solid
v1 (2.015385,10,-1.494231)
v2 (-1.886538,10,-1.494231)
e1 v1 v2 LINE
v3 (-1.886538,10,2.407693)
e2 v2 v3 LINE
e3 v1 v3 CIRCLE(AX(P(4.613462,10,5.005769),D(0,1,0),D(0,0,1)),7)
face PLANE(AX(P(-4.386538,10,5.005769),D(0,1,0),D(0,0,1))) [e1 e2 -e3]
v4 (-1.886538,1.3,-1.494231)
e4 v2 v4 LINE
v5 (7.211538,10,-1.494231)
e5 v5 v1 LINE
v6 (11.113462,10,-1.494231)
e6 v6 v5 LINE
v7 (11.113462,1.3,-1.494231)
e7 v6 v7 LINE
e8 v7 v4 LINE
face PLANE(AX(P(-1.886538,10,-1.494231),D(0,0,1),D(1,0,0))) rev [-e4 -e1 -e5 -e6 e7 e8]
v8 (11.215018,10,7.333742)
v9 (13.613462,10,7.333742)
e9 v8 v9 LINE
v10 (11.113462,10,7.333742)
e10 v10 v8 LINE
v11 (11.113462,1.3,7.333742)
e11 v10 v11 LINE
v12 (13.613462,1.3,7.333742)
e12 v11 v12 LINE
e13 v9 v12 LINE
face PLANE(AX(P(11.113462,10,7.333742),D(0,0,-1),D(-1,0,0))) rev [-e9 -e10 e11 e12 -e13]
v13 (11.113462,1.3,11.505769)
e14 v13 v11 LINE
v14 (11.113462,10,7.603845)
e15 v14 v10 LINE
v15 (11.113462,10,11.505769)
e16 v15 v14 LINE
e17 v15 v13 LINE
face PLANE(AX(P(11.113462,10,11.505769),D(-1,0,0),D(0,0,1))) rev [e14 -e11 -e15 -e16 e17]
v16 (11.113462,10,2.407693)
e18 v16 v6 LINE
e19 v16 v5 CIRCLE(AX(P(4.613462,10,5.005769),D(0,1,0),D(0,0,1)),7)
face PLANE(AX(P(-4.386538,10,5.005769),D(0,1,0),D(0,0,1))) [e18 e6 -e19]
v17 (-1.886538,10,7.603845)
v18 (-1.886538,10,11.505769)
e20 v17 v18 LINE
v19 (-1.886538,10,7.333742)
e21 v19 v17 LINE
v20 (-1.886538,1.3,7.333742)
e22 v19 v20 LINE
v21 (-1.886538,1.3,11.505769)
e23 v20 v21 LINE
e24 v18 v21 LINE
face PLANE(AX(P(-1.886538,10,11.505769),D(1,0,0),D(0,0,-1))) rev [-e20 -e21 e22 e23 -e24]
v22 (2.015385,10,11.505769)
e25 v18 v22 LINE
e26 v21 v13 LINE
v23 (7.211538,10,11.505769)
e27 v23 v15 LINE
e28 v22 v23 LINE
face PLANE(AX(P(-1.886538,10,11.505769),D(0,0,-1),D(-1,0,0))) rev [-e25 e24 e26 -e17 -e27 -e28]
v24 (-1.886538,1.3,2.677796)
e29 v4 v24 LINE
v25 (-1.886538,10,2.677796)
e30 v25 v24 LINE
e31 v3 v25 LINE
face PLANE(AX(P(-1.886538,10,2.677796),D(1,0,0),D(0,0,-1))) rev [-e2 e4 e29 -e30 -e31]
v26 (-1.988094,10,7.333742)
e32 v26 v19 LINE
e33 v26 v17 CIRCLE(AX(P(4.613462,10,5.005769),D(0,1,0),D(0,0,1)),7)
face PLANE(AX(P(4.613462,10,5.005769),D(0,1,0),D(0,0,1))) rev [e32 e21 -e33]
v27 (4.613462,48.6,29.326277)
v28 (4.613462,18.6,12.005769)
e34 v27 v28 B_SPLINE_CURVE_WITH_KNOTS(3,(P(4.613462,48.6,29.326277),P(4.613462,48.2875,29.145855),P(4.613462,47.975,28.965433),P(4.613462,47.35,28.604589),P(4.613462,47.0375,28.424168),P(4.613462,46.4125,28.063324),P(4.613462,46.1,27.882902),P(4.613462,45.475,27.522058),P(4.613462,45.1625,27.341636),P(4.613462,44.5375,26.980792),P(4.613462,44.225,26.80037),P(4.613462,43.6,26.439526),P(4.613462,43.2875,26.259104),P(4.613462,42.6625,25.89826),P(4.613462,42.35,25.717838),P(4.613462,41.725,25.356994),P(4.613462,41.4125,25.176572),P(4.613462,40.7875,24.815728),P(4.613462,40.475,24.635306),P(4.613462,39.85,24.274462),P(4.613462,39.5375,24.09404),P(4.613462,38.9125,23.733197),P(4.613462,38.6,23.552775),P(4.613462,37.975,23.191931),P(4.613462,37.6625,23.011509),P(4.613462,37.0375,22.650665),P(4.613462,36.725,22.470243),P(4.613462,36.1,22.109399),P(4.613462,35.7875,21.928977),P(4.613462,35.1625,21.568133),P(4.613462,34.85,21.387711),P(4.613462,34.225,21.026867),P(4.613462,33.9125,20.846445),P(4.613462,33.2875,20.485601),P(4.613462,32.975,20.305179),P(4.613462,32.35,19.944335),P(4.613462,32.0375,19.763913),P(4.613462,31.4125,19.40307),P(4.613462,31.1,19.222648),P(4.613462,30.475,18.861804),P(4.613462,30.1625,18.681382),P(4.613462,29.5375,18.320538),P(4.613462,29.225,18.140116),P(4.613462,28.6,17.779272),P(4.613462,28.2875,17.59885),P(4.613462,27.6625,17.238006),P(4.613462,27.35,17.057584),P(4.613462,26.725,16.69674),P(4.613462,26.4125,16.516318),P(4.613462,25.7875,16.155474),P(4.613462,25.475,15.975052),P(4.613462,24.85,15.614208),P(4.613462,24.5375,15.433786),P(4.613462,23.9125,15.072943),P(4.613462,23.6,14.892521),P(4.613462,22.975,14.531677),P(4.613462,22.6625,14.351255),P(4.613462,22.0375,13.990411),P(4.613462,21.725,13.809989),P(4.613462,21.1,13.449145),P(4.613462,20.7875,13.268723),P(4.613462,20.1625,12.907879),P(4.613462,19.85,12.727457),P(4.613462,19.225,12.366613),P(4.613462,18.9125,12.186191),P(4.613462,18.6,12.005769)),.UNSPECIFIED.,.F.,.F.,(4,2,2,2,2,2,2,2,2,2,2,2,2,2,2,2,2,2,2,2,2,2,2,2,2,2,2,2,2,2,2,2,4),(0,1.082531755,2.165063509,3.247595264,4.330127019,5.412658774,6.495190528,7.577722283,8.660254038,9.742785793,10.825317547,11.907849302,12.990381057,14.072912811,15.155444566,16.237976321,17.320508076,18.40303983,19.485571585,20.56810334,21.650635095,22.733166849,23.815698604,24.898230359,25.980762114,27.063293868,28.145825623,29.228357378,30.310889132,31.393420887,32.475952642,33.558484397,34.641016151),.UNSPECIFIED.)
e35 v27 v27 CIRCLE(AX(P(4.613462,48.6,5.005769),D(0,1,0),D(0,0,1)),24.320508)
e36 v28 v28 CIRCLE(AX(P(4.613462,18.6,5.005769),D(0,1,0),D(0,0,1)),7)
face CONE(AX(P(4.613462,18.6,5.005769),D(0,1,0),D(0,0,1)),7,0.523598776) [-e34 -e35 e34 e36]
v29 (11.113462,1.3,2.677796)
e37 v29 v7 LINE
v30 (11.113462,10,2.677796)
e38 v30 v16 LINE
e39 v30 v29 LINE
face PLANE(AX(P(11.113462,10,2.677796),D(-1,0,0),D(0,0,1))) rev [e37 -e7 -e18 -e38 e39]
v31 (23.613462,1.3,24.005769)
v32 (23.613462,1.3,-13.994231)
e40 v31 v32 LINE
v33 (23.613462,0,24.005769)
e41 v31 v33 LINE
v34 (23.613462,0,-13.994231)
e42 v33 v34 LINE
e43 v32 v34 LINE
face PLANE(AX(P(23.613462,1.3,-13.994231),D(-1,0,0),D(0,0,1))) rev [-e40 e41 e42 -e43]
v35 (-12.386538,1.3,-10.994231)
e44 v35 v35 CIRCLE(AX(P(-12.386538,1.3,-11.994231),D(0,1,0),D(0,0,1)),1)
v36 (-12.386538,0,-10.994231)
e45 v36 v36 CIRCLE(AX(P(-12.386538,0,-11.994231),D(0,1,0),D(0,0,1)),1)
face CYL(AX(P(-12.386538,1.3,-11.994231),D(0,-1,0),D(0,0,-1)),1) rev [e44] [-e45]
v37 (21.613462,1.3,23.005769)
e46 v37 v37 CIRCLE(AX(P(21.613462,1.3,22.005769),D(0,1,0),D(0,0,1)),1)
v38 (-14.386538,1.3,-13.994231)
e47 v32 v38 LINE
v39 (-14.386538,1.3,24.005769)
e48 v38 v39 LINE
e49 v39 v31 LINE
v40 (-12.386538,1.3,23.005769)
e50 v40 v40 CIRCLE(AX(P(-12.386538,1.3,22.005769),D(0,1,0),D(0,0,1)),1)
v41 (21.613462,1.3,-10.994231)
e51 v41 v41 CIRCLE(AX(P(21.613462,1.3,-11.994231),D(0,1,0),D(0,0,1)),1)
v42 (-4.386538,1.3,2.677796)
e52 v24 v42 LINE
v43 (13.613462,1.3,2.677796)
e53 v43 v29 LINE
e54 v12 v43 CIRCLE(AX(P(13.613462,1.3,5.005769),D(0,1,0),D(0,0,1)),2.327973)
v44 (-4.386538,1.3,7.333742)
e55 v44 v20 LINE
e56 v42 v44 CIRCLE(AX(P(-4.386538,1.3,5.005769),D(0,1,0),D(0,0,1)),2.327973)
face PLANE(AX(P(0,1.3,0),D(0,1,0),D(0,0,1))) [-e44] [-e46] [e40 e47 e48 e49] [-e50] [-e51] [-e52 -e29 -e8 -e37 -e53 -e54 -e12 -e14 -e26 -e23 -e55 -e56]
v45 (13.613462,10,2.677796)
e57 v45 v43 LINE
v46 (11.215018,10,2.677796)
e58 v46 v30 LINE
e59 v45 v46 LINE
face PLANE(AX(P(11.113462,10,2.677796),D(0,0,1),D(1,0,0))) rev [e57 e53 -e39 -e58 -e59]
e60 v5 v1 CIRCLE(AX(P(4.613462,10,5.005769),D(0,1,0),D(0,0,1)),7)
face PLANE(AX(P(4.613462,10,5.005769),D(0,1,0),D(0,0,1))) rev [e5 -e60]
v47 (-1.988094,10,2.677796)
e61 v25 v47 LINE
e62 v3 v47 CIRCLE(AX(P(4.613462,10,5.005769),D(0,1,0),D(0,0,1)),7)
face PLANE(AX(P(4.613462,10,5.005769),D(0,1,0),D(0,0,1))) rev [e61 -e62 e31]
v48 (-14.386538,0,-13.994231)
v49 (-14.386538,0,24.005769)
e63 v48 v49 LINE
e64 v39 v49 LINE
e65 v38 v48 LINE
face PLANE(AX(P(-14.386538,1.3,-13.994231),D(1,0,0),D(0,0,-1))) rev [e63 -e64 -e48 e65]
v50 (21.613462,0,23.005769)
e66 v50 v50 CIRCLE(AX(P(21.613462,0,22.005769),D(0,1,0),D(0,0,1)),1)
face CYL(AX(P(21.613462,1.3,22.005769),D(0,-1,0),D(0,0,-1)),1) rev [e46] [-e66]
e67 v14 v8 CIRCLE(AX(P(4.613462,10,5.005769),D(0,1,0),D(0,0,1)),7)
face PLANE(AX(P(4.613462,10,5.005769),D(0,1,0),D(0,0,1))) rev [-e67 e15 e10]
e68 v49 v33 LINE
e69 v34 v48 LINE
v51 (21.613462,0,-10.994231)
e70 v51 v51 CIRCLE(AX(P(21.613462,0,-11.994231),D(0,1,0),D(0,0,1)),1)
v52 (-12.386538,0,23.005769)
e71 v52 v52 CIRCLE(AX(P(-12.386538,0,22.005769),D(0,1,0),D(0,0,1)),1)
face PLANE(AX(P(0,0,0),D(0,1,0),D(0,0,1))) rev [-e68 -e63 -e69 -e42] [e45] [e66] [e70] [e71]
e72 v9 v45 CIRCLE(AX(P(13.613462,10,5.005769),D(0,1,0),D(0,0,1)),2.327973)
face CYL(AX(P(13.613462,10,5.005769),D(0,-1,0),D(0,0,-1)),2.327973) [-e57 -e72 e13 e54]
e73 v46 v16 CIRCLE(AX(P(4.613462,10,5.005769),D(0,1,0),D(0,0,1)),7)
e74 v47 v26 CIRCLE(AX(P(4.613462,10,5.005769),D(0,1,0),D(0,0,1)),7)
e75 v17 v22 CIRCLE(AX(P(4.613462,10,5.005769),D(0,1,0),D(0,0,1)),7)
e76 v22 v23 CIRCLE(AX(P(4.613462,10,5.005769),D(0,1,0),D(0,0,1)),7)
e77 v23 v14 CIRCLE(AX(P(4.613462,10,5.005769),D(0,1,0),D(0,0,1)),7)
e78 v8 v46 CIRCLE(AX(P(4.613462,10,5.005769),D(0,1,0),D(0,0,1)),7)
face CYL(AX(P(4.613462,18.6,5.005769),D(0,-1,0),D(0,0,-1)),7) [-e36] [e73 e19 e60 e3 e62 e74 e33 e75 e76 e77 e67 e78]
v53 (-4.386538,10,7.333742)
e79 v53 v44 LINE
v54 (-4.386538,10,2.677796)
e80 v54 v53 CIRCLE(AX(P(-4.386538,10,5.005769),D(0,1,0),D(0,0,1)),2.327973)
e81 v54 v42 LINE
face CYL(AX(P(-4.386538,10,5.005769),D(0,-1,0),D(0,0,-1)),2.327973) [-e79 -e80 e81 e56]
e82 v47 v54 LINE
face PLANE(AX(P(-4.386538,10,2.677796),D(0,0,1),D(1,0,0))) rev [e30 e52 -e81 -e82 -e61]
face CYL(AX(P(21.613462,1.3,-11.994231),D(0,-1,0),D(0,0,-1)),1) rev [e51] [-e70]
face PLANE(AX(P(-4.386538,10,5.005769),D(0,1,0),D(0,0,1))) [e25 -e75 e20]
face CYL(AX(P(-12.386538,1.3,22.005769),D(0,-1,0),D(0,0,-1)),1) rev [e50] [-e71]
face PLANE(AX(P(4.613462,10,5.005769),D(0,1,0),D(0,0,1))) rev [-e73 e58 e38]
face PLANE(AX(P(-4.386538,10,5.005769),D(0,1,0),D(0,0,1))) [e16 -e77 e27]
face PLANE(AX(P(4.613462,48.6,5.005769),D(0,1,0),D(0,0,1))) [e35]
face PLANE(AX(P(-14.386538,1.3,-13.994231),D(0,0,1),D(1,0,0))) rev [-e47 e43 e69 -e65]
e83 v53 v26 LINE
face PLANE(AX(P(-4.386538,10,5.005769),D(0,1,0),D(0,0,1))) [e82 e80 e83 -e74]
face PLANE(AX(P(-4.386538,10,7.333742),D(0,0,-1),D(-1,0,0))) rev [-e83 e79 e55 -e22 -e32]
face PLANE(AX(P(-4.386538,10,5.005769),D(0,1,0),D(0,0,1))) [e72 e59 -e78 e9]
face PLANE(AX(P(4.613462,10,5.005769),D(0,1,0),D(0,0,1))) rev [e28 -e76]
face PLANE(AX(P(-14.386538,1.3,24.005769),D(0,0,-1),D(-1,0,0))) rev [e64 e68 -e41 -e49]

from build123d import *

# Parameters (mm, degrees)
SKETCH1_W           = 38
SKETCH1_H           = 38
SKETCH1_R           = 1
BOSS_EXTRUDE1_DEPTH = 1.3
BOSS_EXTRUDE2_DEPTH = 8.7
SKETCH3_R           = 7
BOSS_EXTRUDE3_DEPTH = 8.6
SKETCH4_R           = 7
BOSS_EXTRUDE4_DEPTH = 30
BOSS_EXTRUDE4_DRAFT = -30


with BuildPart() as part:
    # Sketch1 → Boss-Extrude1 (new body)
    with BuildSketch(Plane(origin=(0, 0, 0), x_dir=(1, 0, 0), z_dir=(0, 1, 0))):
        with Locations((4.613461538, -5.005769231)):
            Rectangle(SKETCH1_W, SKETCH1_H)
        with Locations((-12.386538462, 11.994230769)):
            Circle(SKETCH1_R, mode=Mode.SUBTRACT)
        with Locations((21.613461538, 11.994230769)):
            Circle(SKETCH1_R, mode=Mode.SUBTRACT)
        with Locations((21.613461538, -22.005769231)):
            Circle(SKETCH1_R, mode=Mode.SUBTRACT)
        with Locations((-12.386538462, -22.005769231)):
            Circle(SKETCH1_R, mode=Mode.SUBTRACT)
    extrude(amount=BOSS_EXTRUDE1_DEPTH)

    # Sketch2 → Boss-Extrude2 (add)
    with BuildSketch(Plane(origin=(0, 1.3, 0), x_dir=(1, 0, 0), z_dir=(0, 1, 0))):
        with BuildLine():
            Line((-1.886538462, -11.505769231), (11.113461538, -11.505769231))
            Line((11.113461538, -11.505769231), (11.113461538, -7.333742244))
            Line((11.113461538, -7.333742244), (13.613461538, -7.333742244))
            ThreePointArc((13.613461538, -7.333742244), (15.941434552, -5.005769231), (13.613461538, -2.677796217))
            Line((13.613461538, -2.677796217), (11.113461538, -2.677796217))
            Line((11.113461538, -2.677796217), (11.113461538, 1.494230769))
            Line((11.113461538, 1.494230769), (-1.886538462, 1.494230769))
            Line((-1.886538462, 1.494230769), (-1.886538462, -2.677796217))
            Line((-1.886538462, -2.677796217), (-4.386538462, -2.677796217))
            ThreePointArc((-4.386538462, -2.677796217), (-6.714511475, -5.005769231), (-4.386538462, -7.333742244))
            Line((-4.386538462, -7.333742244), (-1.886538462, -7.333742244))
            Line((-1.886538462, -7.333742244), (-1.886538462, -11.505769231))
        make_face()
    extrude(amount=BOSS_EXTRUDE2_DEPTH)

    # Sketch3 → Boss-Extrude3 (add)
    with BuildSketch(Plane(origin=(0, 10, 0), x_dir=(1, 0, 0), z_dir=(0, 1, 0))):
        with Locations((4.613461538, -5.005769231)):
            Circle(SKETCH3_R)
    extrude(amount=BOSS_EXTRUDE3_DEPTH)


with BuildPart() as boss_extrude4_tool:
    # Sketch4 → Boss-Extrude4 (with draft: the straight prism first)
    with BuildSketch(Plane(origin=(0, 18.6, 0), x_dir=(1, 0, 0), z_dir=(0, 1, 0))):
        with Locations((4.613461538, -5.005769231)):
            Circle(SKETCH4_R)
    extrude(amount=BOSS_EXTRUDE4_DEPTH)
    # Boss-Extrude4: the draft: its side faces are tilted about the plane it starts from
    boss_extrude4_sides = [boss_extrude4_tool.faces().sort_by_distance(p)[0] for p in [
        (-2.386538462, 33.6, 5.005769231),
    ]]
    draft(boss_extrude4_sides, Plane(origin=(0, 18.6, 0), x_dir=(1, 0, 0), z_dir=(0, 1, 0)), BOSS_EXTRUDE4_DRAFT)


with BuildPart() as part_1:
    add(part.part)

    # Boss-Extrude4: add boss_extrude4_tool
    add(boss_extrude4_tool.part)


solid = part_1.part
